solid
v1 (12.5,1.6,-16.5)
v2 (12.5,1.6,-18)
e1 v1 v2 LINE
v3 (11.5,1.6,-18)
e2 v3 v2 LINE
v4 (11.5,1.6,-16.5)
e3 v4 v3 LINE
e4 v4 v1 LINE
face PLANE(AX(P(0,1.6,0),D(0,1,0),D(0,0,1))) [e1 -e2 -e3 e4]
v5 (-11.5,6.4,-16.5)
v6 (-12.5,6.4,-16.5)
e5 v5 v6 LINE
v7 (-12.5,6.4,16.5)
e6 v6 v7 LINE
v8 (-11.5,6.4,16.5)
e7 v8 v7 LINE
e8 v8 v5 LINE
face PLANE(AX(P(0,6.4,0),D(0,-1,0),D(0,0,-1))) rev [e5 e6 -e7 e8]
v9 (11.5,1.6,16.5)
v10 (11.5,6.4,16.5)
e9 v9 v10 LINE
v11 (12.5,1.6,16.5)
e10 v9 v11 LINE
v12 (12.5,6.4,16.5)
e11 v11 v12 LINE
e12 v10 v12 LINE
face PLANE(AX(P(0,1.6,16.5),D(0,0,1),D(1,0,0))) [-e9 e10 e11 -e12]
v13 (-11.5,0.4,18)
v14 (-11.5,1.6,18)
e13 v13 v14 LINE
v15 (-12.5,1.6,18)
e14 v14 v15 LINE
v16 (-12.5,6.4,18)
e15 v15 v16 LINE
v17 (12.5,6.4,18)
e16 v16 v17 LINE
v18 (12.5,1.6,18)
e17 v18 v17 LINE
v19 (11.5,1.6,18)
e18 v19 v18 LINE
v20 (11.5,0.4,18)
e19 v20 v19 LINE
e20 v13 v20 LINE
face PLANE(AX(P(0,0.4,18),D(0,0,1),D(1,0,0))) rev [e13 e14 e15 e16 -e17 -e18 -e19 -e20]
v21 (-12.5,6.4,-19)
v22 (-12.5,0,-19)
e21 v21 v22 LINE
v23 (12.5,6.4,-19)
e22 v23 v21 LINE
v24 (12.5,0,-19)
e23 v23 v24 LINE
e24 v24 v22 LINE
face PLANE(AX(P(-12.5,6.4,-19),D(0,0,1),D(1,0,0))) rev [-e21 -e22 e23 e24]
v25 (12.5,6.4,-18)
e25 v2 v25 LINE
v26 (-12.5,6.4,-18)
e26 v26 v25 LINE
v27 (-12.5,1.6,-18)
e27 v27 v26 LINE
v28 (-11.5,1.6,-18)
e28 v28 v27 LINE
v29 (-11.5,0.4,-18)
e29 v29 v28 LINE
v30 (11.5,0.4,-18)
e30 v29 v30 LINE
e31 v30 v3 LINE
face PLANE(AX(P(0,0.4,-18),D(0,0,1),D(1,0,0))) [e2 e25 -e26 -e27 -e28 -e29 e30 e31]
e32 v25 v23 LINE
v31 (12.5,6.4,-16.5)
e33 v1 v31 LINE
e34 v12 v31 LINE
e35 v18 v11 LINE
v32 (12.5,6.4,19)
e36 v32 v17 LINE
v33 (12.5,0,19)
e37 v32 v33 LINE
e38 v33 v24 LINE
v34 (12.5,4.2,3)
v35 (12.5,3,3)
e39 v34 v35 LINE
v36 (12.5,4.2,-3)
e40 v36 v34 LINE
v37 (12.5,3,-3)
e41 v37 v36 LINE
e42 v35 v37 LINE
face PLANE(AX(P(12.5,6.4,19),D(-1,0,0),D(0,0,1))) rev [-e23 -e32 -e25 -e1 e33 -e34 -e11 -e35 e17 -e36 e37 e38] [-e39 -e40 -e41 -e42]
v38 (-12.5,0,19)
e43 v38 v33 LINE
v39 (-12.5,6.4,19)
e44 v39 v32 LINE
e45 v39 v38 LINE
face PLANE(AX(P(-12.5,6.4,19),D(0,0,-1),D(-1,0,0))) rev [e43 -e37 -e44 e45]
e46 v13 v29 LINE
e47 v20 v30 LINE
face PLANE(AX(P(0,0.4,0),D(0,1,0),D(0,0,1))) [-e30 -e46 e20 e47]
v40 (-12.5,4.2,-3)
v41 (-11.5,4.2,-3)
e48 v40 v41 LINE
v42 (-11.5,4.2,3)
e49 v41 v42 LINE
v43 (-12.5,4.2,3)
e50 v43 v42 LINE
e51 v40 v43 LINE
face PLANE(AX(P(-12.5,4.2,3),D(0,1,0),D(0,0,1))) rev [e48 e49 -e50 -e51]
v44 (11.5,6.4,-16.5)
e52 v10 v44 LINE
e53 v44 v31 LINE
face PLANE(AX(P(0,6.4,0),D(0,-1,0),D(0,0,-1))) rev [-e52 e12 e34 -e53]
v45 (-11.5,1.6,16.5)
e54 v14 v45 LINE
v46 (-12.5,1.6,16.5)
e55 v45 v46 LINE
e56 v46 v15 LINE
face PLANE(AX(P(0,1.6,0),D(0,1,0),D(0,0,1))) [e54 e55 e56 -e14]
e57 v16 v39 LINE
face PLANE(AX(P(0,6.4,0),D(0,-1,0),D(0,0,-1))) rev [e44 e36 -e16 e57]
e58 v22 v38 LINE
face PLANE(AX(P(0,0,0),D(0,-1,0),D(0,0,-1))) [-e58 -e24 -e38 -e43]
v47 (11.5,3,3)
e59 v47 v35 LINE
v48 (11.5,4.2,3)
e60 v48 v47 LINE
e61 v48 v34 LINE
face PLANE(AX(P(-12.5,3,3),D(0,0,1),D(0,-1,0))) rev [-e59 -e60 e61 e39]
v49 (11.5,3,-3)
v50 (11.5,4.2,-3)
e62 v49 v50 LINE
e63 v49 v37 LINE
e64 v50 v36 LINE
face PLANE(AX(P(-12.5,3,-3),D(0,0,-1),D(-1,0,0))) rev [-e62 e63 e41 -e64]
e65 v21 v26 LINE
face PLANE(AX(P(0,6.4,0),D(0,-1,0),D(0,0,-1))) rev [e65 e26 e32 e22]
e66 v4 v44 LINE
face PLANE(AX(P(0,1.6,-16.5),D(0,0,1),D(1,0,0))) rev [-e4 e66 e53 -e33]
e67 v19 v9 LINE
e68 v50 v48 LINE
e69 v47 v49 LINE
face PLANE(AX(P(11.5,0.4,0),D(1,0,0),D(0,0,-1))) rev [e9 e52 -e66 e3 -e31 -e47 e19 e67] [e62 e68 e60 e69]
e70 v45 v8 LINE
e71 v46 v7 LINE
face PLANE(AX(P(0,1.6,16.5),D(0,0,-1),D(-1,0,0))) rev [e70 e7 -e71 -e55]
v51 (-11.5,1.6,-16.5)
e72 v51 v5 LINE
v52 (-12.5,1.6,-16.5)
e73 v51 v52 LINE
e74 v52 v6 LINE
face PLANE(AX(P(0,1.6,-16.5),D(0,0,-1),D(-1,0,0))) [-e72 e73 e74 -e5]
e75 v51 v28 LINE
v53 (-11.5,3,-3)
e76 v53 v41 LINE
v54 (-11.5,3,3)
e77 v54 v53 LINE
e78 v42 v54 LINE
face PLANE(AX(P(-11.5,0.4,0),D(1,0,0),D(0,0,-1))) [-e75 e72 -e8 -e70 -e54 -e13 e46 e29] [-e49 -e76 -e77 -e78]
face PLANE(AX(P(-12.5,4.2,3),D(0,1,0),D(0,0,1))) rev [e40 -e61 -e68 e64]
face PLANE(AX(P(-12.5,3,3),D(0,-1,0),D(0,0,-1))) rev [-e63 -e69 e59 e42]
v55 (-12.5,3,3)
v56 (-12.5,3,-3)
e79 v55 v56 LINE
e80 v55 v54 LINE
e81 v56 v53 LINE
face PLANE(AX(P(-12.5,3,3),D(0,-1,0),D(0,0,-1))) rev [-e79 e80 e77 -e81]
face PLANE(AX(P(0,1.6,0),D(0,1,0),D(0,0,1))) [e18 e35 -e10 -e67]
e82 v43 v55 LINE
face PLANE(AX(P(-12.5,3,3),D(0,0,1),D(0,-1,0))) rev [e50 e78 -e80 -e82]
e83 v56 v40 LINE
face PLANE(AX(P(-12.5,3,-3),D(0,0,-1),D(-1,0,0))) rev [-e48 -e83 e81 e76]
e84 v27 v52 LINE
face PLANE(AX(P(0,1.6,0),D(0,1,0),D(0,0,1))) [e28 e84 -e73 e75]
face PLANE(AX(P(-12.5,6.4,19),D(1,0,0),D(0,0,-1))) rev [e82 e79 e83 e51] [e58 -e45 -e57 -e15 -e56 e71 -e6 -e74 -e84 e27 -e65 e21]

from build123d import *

# Parameters (mm, degrees)
SKETCH1_W               = 25
SKETCH1_H               = 38
BOSS_EXTRUDE1_DEPTH     = 6.4
CUT_EXTRUDE1_DEPTH      = 6
SKETCH2_3_W             = 1
SKETCH2_3_H             = 1.5
CUT_EXTRUDE2_DEPTH      = 4.8
CUT_EXTRUDE3_DEPTH      = 24.626468208
CUT_EXTRUDE3_DEPTH_BACK = 24.626468208
SKETCH3_W               = 6
SKETCH3_H               = 1.2


with BuildPart() as part:
    # Sketch1 → Boss-Extrude1 (new body)
    with BuildSketch(Plane(origin=(0, 0, 0), x_dir=(1, 0, 0), z_dir=(0, 1, 0))):
        Rectangle(SKETCH1_W, SKETCH1_H)
    extrude(amount=BOSS_EXTRUDE1_DEPTH)

    # Sketch2 → Cut-Extrude1 (cut)
    with BuildSketch(Plane(origin=(0, 6.4, 0), x_dir=(1, 0, 0), z_dir=(0, 1, 0))):
        Polygon((-11.5, -16.5), (-11.5, -18), (11.5, -18), (11.5, -16.5), (11.5, 16.5), (11.5, 18), (-11.5, 18), (-11.5, 16.5), align=None)
    extrude(amount=-CUT_EXTRUDE1_DEPTH, mode=Mode.SUBTRACT)

    # Sketch2<3> → Cut-Extrude2 (cut)
    with BuildSketch(Plane(origin=(0, 6.4, 0), x_dir=(1, 0, 0), z_dir=(0, 1, 0))):
        with Locations((-12, -17.25)):
            Rectangle(SKETCH2_3_W, SKETCH2_3_H)
        with Locations((12, -17.25)):
            Rectangle(SKETCH2_3_W, SKETCH2_3_H)
        with Locations((-12, 17.25)):
            Rectangle(SKETCH2_3_W, SKETCH2_3_H)
        with Locations((12, 17.25)):
            Rectangle(SKETCH2_3_W, SKETCH2_3_H)
    extrude(amount=-CUT_EXTRUDE2_DEPTH, mode=Mode.SUBTRACT)

    # Sketch3 → Cut-Extrude3 (cut, two sides: drawn at the far end of the back side and taken through both)
    with BuildSketch(Plane(origin=(0, 0, 0), x_dir=(0, 0, -1), z_dir=(1, 0, 0)).offset(-CUT_EXTRUDE3_DEPTH_BACK)):
        with Locations((0, 3.6)):
            Rectangle(SKETCH3_W, SKETCH3_H)
    extrude(amount=CUT_EXTRUDE3_DEPTH + CUT_EXTRUDE3_DEPTH_BACK, mode=Mode.SUBTRACT)


solid = part.part
